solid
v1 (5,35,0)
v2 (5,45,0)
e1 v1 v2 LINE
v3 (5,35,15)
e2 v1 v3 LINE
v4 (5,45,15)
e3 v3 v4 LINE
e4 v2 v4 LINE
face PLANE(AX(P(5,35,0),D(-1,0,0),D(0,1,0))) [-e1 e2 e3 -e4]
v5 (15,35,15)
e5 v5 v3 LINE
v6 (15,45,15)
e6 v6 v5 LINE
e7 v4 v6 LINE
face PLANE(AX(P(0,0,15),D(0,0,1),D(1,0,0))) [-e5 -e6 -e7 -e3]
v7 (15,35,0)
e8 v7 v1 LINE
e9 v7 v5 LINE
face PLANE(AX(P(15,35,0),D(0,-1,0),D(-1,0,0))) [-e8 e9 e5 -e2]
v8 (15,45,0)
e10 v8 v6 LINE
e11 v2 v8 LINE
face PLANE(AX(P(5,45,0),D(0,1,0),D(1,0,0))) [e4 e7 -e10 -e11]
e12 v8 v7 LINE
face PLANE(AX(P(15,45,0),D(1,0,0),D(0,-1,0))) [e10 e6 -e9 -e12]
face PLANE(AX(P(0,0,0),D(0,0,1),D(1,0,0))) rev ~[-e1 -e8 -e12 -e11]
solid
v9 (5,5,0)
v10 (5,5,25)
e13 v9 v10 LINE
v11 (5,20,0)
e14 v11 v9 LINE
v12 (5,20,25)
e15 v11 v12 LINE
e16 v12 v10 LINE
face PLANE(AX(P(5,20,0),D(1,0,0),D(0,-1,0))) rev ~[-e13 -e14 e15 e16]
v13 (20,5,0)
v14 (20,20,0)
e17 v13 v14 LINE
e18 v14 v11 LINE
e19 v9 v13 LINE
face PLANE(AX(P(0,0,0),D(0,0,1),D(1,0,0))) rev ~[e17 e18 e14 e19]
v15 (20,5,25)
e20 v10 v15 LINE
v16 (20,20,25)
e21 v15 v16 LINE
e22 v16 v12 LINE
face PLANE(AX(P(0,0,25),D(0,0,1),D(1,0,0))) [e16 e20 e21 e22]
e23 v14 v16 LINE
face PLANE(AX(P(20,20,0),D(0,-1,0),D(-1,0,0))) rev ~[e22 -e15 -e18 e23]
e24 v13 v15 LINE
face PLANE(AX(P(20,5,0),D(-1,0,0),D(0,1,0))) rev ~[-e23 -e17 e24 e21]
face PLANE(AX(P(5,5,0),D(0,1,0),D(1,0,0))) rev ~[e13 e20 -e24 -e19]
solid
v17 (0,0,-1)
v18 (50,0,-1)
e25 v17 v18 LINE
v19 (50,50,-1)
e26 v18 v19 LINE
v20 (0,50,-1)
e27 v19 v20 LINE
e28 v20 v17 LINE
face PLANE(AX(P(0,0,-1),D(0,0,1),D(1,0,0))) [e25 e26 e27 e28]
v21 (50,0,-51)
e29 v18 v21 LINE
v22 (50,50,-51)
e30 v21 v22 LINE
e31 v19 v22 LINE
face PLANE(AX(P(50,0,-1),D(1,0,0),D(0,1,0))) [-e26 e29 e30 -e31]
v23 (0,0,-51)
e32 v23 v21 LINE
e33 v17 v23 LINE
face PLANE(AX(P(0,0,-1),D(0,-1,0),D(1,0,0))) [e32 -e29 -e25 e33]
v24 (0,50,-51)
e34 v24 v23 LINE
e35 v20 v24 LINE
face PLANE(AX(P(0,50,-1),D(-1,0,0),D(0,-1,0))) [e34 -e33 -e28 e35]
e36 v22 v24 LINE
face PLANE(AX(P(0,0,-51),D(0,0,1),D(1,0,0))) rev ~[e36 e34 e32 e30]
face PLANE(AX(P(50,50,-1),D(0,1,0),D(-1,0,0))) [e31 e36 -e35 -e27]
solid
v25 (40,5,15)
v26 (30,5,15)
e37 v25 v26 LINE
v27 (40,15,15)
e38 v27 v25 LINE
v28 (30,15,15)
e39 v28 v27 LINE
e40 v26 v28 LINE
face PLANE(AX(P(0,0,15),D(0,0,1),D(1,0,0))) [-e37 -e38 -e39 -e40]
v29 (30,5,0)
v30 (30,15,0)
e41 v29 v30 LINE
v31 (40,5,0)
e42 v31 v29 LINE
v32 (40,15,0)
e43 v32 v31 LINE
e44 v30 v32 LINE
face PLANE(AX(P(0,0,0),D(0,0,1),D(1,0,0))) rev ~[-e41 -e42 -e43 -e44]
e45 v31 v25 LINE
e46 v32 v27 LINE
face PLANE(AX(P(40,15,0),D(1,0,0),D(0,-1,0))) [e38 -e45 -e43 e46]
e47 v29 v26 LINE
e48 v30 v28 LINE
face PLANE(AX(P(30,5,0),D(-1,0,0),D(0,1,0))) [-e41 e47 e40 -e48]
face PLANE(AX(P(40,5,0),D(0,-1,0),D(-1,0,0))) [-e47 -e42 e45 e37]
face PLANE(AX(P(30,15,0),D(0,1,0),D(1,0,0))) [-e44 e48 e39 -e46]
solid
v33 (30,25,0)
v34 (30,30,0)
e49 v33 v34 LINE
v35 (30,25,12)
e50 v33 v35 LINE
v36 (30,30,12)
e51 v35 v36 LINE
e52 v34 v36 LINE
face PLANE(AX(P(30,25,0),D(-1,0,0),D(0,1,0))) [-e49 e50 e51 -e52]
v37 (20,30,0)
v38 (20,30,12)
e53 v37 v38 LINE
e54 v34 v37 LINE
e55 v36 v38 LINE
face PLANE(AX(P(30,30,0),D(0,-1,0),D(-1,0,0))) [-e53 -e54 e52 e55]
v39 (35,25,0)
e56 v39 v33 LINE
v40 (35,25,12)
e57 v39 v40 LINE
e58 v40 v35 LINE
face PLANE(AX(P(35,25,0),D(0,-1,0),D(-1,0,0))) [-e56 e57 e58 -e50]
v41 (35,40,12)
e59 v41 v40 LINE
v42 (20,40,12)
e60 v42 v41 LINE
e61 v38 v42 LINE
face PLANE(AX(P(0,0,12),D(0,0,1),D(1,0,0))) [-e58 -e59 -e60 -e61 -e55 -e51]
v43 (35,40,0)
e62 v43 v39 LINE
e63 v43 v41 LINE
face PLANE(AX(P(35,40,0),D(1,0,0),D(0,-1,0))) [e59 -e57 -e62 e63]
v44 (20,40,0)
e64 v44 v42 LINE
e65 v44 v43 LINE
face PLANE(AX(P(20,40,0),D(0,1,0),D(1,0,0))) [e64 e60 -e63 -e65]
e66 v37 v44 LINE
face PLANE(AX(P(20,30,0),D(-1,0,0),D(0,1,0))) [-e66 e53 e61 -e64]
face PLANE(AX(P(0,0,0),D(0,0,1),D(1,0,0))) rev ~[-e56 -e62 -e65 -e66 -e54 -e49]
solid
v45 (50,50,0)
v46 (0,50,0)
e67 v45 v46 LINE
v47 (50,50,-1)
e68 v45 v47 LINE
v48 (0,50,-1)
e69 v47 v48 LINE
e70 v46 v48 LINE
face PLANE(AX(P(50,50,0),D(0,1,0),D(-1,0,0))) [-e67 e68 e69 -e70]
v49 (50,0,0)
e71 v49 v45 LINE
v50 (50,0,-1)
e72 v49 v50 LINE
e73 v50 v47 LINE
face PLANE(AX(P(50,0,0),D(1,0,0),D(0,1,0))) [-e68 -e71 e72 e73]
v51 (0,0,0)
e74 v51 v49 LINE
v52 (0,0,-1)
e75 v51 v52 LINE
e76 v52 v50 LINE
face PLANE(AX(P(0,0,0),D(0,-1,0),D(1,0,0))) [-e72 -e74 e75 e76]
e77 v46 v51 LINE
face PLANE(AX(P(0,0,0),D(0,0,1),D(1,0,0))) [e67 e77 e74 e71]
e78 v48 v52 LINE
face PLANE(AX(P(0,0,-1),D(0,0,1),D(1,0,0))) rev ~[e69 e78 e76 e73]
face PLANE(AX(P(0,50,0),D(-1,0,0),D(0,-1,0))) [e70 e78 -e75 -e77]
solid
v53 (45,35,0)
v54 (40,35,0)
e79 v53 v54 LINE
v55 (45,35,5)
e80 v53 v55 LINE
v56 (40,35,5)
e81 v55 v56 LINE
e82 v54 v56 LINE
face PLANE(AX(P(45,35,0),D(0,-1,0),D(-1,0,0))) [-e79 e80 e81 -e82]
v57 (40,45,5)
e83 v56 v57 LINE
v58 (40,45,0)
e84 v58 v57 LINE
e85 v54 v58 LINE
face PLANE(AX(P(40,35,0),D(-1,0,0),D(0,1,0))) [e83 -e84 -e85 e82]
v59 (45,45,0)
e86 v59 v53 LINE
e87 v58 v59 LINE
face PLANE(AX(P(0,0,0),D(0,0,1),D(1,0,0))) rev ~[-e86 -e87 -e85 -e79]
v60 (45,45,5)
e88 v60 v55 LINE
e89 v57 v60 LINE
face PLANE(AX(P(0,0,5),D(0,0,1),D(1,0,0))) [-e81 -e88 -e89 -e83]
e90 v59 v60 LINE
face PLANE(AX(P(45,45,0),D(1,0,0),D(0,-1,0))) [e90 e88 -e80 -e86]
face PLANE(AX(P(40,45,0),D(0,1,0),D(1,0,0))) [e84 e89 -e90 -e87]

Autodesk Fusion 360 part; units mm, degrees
sketch "Skizze1" plane through (0, 0, 0) normal (0, 0, 1) x (1, 0, 0)
  line L0 (0, 0) -> (50, 0)
  line L1 (50, 0) -> (50, 50)
  line L2 (50, 50) -> (0, 50)
  line L3 (0, 50) -> (0, 0)
  line L4 (20, 20) -> (5, 20)
  line L5 (5, 20) -> (5, 5)
  line L6 (5, 5) -> (20, 5)
  line L7 (20, 5) -> (20, 20)
  line L8 (20, 40) -> (35, 40)
  line L9 (35, 40) -> (35, 25)
  line L10 (35, 25) -> (30, 25)
  line L11 (30, 25) -> (30, 30)
  line L12 (30, 30) -> (20, 30)
  line L13 (20, 30) -> (20, 40)
  line L14 (5, 45) -> (15, 45)
  line L15 (15, 45) -> (15, 35)
  line L16 (15, 35) -> (5, 35)
  line L17 (5, 35) -> (5, 45)
  line L18 (30, 15) -> (40, 15)
  line L19 (40, 15) -> (40, 5)
  line L20 (40, 5) -> (30, 5)
  line L21 (30, 5) -> (30, 15)
  line L22 (40, 45) -> (45, 45)
  line L23 (45, 45) -> (45, 35)
  line L24 (45, 35) -> (40, 35)
  line L25 (40, 35) -> (40, 45)
extrude "Extrusion1" add sketch "Skizze1" along normal blind 25 contours L4 L5 L6 L7 makes body 1 in component "Großer Block"
extrude "Extrusion1'" add sketch "Skizze1" along normal blind 15 separate body contours L18 L19 L20 L21 makes body 2 in component "Medium Block 1"
extrude "Extrusion1''" add sketch "Skizze1" along normal blind 15 separate body contours L14 L15 L16 L17 makes body 3 in component "Medium Block 2#"
extrude "Extrusion1'''" add sketch "Skizze1" along normal blind 12 separate body contours L8 L9 L10 L11 L12 L13 makes body 4 in component "L Block"
extrude "Extrusion1''''" add sketch "Skizze1" along normal blind 5 separate body contours L22 L23 L24 L25 makes body 5 in component "Smal Block 1"
extrude "Extrusion1'''''" add sketch "Skizze1" against normal blind 1 separate body contours L0 L1 L2 L3 | L4 L5 L6 L7 | L8 L9 L10 L11 L12 L13 | L14 L15 L16 L17 | L18 L19 L20 L21 | L22 L23 L24 L25 makes body 6 in component "Boden"
extrude "Extrusion1''''''" add 1 faces at (16.6667, 33.3333, -1) along direction (0, 0, -1) blind 50 separate body on bodies 6 makes body 7 in component "Ground below"
component "Großer Block" placed x (1, 0, 0) y (0, 1, 0) z (0, 0, 1) at (0, 0, 0)
component "Medium Block 1" placed x (1, 0, 0) y (0, 1, 0) z (0, 0, 1) at (0, 0, 0)
component "Medium Block 2#" placed x (1, 0, 0) y (0, 1, 0) z (0, 0, 1) at (0, 0, 0)
component "L Block" placed x (1, 0, 0) y (0, 1, 0) z (0, 0, 1) at (0, 0, 0)
component "Smal Block 1" placed x (1, 0, 0) y (0, 1, 0) z (0, 0, 1) at (0, 0, 0)
component "Boden" placed x (1, 0, 0) y (0, 1, 0) z (0, 0, 1) at (0, 0, 0)
component "Ground below" placed x (1, 0, 0) y (0, 1, 0) z (0, 0, 1) at (0, 0, 0)
